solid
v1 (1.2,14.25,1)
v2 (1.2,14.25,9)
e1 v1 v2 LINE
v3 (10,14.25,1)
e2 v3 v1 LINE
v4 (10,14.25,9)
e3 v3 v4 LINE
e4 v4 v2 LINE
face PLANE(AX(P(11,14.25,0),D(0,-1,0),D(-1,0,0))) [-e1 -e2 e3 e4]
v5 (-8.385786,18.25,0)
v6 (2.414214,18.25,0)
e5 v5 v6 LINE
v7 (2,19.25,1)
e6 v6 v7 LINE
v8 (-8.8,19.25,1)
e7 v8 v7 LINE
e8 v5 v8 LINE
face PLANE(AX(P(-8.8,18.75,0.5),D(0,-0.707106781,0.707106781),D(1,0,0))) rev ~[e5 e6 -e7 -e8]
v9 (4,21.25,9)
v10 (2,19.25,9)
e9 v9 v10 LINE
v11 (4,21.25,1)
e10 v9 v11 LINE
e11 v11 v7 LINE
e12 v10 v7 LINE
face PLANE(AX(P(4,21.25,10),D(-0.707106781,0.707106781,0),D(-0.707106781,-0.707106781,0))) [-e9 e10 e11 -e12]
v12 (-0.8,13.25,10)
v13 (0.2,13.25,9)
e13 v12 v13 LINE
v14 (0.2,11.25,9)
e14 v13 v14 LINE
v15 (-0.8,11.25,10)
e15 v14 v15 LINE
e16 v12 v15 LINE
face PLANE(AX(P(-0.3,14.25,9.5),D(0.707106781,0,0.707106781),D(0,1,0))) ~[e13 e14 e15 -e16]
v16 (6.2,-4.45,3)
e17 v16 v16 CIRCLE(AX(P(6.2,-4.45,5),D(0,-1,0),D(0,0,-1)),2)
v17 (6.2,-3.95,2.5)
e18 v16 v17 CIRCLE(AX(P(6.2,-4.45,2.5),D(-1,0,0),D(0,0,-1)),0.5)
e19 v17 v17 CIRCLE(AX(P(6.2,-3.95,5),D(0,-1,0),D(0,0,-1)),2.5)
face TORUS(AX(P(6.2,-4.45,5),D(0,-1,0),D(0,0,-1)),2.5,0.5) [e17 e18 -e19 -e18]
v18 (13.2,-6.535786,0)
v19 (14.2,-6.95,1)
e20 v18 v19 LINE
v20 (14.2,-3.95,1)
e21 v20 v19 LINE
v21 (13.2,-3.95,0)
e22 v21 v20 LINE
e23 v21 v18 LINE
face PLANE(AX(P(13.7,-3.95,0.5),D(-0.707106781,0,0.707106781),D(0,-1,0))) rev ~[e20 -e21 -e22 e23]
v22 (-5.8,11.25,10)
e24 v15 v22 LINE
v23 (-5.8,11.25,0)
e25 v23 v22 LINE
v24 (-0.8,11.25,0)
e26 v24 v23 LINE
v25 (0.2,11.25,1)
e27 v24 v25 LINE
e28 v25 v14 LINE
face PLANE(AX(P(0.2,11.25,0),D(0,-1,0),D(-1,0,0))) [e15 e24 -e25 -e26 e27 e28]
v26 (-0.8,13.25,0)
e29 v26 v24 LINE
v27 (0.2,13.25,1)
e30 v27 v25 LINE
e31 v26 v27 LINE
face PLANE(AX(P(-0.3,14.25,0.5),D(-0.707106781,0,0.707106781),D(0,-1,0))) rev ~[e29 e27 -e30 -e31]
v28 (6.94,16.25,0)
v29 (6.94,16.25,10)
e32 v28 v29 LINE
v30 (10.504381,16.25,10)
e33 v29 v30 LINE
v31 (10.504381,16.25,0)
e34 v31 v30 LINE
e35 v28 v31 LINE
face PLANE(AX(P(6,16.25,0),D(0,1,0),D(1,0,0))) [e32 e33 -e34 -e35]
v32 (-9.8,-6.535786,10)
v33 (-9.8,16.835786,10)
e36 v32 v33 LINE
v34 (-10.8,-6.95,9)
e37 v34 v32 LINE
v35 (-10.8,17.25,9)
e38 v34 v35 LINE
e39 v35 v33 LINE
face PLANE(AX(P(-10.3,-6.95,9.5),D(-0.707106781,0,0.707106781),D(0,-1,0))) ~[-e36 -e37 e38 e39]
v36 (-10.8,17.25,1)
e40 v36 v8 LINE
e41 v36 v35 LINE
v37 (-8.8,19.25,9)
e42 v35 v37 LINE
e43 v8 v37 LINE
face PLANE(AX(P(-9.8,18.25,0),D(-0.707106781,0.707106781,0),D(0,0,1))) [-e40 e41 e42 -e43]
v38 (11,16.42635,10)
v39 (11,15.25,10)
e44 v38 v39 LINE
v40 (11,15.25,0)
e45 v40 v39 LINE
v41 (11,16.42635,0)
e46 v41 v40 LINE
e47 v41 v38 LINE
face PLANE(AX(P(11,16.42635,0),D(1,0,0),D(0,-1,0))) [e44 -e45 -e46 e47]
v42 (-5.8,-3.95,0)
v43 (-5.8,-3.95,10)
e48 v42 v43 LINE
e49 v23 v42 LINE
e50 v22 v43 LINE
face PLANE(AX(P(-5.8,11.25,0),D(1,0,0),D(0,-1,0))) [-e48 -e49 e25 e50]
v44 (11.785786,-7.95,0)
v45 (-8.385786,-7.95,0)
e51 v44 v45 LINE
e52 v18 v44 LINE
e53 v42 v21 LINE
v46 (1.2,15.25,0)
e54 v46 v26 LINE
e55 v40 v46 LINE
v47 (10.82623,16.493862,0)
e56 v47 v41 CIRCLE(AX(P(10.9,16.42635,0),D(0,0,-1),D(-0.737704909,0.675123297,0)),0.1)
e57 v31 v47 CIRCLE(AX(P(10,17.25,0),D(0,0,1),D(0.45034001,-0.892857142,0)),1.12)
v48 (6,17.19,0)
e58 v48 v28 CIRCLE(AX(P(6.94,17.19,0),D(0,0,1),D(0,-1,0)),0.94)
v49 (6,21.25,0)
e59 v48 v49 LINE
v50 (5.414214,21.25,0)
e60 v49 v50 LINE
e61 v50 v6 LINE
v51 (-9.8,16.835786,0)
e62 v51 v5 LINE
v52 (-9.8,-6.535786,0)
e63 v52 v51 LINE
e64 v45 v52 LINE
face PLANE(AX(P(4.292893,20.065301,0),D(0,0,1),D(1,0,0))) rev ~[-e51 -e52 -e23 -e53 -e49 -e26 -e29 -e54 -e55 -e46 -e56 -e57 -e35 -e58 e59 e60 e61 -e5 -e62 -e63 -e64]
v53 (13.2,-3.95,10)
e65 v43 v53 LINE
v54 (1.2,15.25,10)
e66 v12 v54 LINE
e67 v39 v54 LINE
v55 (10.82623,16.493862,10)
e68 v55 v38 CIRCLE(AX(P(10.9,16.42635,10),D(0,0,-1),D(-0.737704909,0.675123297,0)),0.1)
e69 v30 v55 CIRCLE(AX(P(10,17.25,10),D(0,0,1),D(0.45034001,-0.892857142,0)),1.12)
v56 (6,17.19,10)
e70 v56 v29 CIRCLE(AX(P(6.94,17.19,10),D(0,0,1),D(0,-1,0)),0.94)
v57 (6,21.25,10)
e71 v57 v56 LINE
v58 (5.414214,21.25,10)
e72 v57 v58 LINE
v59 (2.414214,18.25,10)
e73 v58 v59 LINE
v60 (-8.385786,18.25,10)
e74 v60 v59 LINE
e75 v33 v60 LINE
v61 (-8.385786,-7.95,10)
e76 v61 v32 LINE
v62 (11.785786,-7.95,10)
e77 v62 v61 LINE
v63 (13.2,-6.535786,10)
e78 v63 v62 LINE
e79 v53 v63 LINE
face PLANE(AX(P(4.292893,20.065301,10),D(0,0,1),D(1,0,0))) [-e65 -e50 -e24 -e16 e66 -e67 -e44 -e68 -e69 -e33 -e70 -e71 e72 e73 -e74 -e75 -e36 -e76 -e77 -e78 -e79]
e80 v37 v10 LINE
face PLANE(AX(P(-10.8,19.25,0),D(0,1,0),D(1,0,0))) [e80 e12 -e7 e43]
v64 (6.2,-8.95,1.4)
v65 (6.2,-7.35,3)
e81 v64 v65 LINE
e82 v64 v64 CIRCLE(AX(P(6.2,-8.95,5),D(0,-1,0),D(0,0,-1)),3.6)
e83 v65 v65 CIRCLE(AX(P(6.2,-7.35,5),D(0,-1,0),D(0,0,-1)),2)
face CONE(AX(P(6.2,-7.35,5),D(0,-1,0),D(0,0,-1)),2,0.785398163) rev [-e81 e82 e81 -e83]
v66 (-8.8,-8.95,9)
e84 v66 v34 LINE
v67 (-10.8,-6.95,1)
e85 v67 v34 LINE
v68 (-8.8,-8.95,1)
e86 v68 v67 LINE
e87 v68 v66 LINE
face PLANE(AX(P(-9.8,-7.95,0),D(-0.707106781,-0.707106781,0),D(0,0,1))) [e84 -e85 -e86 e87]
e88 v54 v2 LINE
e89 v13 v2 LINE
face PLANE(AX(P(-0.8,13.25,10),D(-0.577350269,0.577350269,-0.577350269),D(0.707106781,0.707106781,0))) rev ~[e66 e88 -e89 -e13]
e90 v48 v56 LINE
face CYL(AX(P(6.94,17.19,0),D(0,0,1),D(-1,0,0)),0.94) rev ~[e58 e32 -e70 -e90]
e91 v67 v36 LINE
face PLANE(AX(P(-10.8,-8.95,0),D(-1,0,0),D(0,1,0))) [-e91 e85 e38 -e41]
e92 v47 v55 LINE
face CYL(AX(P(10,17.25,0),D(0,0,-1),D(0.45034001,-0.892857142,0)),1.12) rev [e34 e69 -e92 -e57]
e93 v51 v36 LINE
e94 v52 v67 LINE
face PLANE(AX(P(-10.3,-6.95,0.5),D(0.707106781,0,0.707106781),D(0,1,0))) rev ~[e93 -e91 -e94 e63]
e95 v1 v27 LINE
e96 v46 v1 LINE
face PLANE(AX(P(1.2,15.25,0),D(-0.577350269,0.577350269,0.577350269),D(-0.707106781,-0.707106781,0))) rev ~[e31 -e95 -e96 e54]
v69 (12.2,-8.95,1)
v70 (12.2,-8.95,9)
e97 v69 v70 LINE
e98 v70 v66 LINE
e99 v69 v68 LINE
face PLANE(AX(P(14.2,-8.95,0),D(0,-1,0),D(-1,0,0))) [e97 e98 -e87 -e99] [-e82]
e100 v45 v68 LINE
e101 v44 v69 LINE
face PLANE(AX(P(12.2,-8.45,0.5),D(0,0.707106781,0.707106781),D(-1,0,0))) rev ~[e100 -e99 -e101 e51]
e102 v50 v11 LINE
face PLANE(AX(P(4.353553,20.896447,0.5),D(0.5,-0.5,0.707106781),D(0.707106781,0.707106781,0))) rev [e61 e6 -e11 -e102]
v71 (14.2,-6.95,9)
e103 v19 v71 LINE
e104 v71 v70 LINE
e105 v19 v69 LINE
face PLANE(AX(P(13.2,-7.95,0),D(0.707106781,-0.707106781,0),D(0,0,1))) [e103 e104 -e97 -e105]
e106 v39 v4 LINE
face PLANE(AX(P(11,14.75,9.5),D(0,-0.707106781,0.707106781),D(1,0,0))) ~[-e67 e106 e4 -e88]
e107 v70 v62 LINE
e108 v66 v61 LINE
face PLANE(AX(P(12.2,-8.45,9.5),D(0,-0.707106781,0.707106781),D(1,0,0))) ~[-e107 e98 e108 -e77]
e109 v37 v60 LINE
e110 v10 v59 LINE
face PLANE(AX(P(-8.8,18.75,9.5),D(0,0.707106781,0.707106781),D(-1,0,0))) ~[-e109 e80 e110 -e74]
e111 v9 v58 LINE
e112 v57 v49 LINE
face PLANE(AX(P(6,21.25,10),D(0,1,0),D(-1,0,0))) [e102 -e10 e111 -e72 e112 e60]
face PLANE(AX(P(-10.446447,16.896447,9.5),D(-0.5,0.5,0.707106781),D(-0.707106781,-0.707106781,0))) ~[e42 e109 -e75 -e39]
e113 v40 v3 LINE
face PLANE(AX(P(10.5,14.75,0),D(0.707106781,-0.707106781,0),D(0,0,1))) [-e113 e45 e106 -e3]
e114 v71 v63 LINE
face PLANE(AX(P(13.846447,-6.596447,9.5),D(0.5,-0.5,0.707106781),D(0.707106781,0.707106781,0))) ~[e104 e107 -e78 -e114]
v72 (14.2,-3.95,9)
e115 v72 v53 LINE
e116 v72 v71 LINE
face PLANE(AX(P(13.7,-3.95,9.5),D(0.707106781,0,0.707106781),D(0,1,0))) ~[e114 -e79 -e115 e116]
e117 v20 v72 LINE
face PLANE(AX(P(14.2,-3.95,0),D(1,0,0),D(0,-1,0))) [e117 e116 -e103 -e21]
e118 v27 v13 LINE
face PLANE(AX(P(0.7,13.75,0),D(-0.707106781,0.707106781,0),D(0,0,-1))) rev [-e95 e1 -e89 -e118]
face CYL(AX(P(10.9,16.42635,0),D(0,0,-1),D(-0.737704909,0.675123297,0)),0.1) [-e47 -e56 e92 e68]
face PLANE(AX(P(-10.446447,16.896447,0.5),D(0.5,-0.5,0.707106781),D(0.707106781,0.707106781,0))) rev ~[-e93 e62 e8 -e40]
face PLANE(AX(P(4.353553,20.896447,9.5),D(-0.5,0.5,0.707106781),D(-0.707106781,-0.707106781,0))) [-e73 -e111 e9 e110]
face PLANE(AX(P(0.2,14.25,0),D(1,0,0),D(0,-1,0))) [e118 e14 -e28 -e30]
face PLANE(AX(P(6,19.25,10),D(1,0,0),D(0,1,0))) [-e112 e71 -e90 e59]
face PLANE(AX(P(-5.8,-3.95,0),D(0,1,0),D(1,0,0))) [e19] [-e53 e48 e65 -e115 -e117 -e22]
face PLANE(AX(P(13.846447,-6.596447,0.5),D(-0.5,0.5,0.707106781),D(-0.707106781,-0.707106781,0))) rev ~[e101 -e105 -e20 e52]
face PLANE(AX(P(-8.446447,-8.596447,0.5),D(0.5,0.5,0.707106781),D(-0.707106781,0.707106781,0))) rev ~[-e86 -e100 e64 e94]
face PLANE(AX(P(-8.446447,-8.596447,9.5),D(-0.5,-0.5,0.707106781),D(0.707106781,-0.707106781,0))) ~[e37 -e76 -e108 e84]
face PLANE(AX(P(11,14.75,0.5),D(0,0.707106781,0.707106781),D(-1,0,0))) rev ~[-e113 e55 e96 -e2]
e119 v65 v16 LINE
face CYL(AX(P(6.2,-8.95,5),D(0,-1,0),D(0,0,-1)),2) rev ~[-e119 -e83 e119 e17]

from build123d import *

# Parameters (mm, degrees)
RESSALTO_EXTRUS_O1_DEPTH = 10
ESBO_O3_R                = 2
CORTE_EXTRUS_O1_DEPTH    = 15
CHANFRO1_SIZE            = 1.6
FILETE1_R                = 0.5
FILETE2_R                = 0.94
RESSALTO_EXTRUS_O3_DEPTH = 10
CHANFRO5_SIZE            = 2
CHANFRO4_SIZE            = 1


with BuildPart() as part:
    # Esboço1 → Ressalto-extrusão1 (new body)
    with BuildSketch(Plane.XY):
        with BuildLine():
            Line((11, 14.25), (0.2, 14.25))
            Line((0.2, 14.25), (0.2, 11.25))
            Line((0.2, 11.25), (-5.8, 11.25))
            Line((-5.8, 11.25), (-5.8, -3.95))
            Line((-5.8, -3.95), (14.2, -3.95))
            Line((14.2, -3.95), (14.2, -8.95))
            Line((14.2, -8.95), (-10.8, -8.95))
            Line((-10.8, -8.95), (-10.8, 19.25))
            Line((-10.8, 19.25), (6, 19.25))
            Line((6, 19.25), (6, 16.25))
            Line((6, 16.25), (10.504380809, 16.25))
            ThreePointArc((10.504380809, 16.25), (10.676386068, 16.357306387), (10.826229508, 16.493861918))
            ThreePointArc((10.826229508, 16.493861918), (10.936214298, 16.519561844), (11, 16.426349589))
            Line((11, 16.426349589), (11, 16.25))
            Line((11, 16.25), (11, 14.25))
        make_face()
    extrude(amount=RESSALTO_EXTRUS_O1_DEPTH)

    # Esboço3 → Corte-extrusão1 (cut)
    with BuildSketch(Plane.XZ.offset(8.95)):
        with Locations(Location((6.2, 5, 0), (0, 0, 270))):
            Circle(ESBO_O3_R)
    extrude(amount=-CORTE_EXTRUS_O1_DEPTH, mode=Mode.SUBTRACT)

    # Chanfro1
    chanfro1_edges = [part.edges().sort_by_distance(p)[0] for p in [
        (6.2, -8.95, 7),
    ]]
    chamfer(chanfro1_edges, length=CHANFRO1_SIZE)

    # Filete1
    filete1_edges = [part.edges().sort_by_distance(p)[0] for p in [
        (6.2, -3.95, 7),
    ]]
    fillet(filete1_edges, radius=FILETE1_R)

    # Filete2
    filete2_edges = [part.edges().sort_by_distance(p)[0] for p in [
        (6, 16.25, 5),
    ]]
    fillet(filete2_edges, radius=FILETE2_R)

    # Esboço5 → Ressalto-extrusão3 (add)
    with BuildSketch(Plane.XY.offset(10)):
        Polygon((6, 19.25), (6, 21.25), (4, 21.25), (2, 19.25), align=None)
    extrude(amount=-RESSALTO_EXTRUS_O3_DEPTH)

    # Chanfro5
    chanfro5_edges = [part.edges().sort_by_distance(p)[0] for p in [
        (14.2, -8.95, 5),
        (-10.8, -8.95, 5),
        (-10.8, 19.25, 5),
    ]]
    chamfer(chanfro5_edges, length=CHANFRO5_SIZE)

    # Chanfro4
    chanfro4_edges = [part.edges().sort_by_distance(p)[0] for p in [
        (5.6, 14.25, 0),
        (0.2, 12.75, 0),
        (11, 14.25, 5),
        (0.2, 14.25, 5),
        (0.2, 12.75, 10),
        (-3.4, 19.25, 0),
        (-3.4, 19.25, 10),
        (3, 20.25, 10),
        (3, 20.25, 0),
        (14.2, -5.45, 0),
        (14.2, -5.45, 10),
        (1.7, -8.95, 0),
        (-10.8, 5.15, 0),
        (-9.8, 18.25, 0),
        (-9.8, -7.95, 0),
        (13.2, -7.95, 0),
        (1.7, -8.95, 10),
        (-10.8, 5.15, 10),
        (-9.8, 18.25, 10),
        (-9.8, -7.95, 10),
        (13.2, -7.95, 10),
        (5.6, 14.25, 10),
    ]]
    chamfer(chanfro4_edges, length=CHANFRO4_SIZE)


solid = part.part
